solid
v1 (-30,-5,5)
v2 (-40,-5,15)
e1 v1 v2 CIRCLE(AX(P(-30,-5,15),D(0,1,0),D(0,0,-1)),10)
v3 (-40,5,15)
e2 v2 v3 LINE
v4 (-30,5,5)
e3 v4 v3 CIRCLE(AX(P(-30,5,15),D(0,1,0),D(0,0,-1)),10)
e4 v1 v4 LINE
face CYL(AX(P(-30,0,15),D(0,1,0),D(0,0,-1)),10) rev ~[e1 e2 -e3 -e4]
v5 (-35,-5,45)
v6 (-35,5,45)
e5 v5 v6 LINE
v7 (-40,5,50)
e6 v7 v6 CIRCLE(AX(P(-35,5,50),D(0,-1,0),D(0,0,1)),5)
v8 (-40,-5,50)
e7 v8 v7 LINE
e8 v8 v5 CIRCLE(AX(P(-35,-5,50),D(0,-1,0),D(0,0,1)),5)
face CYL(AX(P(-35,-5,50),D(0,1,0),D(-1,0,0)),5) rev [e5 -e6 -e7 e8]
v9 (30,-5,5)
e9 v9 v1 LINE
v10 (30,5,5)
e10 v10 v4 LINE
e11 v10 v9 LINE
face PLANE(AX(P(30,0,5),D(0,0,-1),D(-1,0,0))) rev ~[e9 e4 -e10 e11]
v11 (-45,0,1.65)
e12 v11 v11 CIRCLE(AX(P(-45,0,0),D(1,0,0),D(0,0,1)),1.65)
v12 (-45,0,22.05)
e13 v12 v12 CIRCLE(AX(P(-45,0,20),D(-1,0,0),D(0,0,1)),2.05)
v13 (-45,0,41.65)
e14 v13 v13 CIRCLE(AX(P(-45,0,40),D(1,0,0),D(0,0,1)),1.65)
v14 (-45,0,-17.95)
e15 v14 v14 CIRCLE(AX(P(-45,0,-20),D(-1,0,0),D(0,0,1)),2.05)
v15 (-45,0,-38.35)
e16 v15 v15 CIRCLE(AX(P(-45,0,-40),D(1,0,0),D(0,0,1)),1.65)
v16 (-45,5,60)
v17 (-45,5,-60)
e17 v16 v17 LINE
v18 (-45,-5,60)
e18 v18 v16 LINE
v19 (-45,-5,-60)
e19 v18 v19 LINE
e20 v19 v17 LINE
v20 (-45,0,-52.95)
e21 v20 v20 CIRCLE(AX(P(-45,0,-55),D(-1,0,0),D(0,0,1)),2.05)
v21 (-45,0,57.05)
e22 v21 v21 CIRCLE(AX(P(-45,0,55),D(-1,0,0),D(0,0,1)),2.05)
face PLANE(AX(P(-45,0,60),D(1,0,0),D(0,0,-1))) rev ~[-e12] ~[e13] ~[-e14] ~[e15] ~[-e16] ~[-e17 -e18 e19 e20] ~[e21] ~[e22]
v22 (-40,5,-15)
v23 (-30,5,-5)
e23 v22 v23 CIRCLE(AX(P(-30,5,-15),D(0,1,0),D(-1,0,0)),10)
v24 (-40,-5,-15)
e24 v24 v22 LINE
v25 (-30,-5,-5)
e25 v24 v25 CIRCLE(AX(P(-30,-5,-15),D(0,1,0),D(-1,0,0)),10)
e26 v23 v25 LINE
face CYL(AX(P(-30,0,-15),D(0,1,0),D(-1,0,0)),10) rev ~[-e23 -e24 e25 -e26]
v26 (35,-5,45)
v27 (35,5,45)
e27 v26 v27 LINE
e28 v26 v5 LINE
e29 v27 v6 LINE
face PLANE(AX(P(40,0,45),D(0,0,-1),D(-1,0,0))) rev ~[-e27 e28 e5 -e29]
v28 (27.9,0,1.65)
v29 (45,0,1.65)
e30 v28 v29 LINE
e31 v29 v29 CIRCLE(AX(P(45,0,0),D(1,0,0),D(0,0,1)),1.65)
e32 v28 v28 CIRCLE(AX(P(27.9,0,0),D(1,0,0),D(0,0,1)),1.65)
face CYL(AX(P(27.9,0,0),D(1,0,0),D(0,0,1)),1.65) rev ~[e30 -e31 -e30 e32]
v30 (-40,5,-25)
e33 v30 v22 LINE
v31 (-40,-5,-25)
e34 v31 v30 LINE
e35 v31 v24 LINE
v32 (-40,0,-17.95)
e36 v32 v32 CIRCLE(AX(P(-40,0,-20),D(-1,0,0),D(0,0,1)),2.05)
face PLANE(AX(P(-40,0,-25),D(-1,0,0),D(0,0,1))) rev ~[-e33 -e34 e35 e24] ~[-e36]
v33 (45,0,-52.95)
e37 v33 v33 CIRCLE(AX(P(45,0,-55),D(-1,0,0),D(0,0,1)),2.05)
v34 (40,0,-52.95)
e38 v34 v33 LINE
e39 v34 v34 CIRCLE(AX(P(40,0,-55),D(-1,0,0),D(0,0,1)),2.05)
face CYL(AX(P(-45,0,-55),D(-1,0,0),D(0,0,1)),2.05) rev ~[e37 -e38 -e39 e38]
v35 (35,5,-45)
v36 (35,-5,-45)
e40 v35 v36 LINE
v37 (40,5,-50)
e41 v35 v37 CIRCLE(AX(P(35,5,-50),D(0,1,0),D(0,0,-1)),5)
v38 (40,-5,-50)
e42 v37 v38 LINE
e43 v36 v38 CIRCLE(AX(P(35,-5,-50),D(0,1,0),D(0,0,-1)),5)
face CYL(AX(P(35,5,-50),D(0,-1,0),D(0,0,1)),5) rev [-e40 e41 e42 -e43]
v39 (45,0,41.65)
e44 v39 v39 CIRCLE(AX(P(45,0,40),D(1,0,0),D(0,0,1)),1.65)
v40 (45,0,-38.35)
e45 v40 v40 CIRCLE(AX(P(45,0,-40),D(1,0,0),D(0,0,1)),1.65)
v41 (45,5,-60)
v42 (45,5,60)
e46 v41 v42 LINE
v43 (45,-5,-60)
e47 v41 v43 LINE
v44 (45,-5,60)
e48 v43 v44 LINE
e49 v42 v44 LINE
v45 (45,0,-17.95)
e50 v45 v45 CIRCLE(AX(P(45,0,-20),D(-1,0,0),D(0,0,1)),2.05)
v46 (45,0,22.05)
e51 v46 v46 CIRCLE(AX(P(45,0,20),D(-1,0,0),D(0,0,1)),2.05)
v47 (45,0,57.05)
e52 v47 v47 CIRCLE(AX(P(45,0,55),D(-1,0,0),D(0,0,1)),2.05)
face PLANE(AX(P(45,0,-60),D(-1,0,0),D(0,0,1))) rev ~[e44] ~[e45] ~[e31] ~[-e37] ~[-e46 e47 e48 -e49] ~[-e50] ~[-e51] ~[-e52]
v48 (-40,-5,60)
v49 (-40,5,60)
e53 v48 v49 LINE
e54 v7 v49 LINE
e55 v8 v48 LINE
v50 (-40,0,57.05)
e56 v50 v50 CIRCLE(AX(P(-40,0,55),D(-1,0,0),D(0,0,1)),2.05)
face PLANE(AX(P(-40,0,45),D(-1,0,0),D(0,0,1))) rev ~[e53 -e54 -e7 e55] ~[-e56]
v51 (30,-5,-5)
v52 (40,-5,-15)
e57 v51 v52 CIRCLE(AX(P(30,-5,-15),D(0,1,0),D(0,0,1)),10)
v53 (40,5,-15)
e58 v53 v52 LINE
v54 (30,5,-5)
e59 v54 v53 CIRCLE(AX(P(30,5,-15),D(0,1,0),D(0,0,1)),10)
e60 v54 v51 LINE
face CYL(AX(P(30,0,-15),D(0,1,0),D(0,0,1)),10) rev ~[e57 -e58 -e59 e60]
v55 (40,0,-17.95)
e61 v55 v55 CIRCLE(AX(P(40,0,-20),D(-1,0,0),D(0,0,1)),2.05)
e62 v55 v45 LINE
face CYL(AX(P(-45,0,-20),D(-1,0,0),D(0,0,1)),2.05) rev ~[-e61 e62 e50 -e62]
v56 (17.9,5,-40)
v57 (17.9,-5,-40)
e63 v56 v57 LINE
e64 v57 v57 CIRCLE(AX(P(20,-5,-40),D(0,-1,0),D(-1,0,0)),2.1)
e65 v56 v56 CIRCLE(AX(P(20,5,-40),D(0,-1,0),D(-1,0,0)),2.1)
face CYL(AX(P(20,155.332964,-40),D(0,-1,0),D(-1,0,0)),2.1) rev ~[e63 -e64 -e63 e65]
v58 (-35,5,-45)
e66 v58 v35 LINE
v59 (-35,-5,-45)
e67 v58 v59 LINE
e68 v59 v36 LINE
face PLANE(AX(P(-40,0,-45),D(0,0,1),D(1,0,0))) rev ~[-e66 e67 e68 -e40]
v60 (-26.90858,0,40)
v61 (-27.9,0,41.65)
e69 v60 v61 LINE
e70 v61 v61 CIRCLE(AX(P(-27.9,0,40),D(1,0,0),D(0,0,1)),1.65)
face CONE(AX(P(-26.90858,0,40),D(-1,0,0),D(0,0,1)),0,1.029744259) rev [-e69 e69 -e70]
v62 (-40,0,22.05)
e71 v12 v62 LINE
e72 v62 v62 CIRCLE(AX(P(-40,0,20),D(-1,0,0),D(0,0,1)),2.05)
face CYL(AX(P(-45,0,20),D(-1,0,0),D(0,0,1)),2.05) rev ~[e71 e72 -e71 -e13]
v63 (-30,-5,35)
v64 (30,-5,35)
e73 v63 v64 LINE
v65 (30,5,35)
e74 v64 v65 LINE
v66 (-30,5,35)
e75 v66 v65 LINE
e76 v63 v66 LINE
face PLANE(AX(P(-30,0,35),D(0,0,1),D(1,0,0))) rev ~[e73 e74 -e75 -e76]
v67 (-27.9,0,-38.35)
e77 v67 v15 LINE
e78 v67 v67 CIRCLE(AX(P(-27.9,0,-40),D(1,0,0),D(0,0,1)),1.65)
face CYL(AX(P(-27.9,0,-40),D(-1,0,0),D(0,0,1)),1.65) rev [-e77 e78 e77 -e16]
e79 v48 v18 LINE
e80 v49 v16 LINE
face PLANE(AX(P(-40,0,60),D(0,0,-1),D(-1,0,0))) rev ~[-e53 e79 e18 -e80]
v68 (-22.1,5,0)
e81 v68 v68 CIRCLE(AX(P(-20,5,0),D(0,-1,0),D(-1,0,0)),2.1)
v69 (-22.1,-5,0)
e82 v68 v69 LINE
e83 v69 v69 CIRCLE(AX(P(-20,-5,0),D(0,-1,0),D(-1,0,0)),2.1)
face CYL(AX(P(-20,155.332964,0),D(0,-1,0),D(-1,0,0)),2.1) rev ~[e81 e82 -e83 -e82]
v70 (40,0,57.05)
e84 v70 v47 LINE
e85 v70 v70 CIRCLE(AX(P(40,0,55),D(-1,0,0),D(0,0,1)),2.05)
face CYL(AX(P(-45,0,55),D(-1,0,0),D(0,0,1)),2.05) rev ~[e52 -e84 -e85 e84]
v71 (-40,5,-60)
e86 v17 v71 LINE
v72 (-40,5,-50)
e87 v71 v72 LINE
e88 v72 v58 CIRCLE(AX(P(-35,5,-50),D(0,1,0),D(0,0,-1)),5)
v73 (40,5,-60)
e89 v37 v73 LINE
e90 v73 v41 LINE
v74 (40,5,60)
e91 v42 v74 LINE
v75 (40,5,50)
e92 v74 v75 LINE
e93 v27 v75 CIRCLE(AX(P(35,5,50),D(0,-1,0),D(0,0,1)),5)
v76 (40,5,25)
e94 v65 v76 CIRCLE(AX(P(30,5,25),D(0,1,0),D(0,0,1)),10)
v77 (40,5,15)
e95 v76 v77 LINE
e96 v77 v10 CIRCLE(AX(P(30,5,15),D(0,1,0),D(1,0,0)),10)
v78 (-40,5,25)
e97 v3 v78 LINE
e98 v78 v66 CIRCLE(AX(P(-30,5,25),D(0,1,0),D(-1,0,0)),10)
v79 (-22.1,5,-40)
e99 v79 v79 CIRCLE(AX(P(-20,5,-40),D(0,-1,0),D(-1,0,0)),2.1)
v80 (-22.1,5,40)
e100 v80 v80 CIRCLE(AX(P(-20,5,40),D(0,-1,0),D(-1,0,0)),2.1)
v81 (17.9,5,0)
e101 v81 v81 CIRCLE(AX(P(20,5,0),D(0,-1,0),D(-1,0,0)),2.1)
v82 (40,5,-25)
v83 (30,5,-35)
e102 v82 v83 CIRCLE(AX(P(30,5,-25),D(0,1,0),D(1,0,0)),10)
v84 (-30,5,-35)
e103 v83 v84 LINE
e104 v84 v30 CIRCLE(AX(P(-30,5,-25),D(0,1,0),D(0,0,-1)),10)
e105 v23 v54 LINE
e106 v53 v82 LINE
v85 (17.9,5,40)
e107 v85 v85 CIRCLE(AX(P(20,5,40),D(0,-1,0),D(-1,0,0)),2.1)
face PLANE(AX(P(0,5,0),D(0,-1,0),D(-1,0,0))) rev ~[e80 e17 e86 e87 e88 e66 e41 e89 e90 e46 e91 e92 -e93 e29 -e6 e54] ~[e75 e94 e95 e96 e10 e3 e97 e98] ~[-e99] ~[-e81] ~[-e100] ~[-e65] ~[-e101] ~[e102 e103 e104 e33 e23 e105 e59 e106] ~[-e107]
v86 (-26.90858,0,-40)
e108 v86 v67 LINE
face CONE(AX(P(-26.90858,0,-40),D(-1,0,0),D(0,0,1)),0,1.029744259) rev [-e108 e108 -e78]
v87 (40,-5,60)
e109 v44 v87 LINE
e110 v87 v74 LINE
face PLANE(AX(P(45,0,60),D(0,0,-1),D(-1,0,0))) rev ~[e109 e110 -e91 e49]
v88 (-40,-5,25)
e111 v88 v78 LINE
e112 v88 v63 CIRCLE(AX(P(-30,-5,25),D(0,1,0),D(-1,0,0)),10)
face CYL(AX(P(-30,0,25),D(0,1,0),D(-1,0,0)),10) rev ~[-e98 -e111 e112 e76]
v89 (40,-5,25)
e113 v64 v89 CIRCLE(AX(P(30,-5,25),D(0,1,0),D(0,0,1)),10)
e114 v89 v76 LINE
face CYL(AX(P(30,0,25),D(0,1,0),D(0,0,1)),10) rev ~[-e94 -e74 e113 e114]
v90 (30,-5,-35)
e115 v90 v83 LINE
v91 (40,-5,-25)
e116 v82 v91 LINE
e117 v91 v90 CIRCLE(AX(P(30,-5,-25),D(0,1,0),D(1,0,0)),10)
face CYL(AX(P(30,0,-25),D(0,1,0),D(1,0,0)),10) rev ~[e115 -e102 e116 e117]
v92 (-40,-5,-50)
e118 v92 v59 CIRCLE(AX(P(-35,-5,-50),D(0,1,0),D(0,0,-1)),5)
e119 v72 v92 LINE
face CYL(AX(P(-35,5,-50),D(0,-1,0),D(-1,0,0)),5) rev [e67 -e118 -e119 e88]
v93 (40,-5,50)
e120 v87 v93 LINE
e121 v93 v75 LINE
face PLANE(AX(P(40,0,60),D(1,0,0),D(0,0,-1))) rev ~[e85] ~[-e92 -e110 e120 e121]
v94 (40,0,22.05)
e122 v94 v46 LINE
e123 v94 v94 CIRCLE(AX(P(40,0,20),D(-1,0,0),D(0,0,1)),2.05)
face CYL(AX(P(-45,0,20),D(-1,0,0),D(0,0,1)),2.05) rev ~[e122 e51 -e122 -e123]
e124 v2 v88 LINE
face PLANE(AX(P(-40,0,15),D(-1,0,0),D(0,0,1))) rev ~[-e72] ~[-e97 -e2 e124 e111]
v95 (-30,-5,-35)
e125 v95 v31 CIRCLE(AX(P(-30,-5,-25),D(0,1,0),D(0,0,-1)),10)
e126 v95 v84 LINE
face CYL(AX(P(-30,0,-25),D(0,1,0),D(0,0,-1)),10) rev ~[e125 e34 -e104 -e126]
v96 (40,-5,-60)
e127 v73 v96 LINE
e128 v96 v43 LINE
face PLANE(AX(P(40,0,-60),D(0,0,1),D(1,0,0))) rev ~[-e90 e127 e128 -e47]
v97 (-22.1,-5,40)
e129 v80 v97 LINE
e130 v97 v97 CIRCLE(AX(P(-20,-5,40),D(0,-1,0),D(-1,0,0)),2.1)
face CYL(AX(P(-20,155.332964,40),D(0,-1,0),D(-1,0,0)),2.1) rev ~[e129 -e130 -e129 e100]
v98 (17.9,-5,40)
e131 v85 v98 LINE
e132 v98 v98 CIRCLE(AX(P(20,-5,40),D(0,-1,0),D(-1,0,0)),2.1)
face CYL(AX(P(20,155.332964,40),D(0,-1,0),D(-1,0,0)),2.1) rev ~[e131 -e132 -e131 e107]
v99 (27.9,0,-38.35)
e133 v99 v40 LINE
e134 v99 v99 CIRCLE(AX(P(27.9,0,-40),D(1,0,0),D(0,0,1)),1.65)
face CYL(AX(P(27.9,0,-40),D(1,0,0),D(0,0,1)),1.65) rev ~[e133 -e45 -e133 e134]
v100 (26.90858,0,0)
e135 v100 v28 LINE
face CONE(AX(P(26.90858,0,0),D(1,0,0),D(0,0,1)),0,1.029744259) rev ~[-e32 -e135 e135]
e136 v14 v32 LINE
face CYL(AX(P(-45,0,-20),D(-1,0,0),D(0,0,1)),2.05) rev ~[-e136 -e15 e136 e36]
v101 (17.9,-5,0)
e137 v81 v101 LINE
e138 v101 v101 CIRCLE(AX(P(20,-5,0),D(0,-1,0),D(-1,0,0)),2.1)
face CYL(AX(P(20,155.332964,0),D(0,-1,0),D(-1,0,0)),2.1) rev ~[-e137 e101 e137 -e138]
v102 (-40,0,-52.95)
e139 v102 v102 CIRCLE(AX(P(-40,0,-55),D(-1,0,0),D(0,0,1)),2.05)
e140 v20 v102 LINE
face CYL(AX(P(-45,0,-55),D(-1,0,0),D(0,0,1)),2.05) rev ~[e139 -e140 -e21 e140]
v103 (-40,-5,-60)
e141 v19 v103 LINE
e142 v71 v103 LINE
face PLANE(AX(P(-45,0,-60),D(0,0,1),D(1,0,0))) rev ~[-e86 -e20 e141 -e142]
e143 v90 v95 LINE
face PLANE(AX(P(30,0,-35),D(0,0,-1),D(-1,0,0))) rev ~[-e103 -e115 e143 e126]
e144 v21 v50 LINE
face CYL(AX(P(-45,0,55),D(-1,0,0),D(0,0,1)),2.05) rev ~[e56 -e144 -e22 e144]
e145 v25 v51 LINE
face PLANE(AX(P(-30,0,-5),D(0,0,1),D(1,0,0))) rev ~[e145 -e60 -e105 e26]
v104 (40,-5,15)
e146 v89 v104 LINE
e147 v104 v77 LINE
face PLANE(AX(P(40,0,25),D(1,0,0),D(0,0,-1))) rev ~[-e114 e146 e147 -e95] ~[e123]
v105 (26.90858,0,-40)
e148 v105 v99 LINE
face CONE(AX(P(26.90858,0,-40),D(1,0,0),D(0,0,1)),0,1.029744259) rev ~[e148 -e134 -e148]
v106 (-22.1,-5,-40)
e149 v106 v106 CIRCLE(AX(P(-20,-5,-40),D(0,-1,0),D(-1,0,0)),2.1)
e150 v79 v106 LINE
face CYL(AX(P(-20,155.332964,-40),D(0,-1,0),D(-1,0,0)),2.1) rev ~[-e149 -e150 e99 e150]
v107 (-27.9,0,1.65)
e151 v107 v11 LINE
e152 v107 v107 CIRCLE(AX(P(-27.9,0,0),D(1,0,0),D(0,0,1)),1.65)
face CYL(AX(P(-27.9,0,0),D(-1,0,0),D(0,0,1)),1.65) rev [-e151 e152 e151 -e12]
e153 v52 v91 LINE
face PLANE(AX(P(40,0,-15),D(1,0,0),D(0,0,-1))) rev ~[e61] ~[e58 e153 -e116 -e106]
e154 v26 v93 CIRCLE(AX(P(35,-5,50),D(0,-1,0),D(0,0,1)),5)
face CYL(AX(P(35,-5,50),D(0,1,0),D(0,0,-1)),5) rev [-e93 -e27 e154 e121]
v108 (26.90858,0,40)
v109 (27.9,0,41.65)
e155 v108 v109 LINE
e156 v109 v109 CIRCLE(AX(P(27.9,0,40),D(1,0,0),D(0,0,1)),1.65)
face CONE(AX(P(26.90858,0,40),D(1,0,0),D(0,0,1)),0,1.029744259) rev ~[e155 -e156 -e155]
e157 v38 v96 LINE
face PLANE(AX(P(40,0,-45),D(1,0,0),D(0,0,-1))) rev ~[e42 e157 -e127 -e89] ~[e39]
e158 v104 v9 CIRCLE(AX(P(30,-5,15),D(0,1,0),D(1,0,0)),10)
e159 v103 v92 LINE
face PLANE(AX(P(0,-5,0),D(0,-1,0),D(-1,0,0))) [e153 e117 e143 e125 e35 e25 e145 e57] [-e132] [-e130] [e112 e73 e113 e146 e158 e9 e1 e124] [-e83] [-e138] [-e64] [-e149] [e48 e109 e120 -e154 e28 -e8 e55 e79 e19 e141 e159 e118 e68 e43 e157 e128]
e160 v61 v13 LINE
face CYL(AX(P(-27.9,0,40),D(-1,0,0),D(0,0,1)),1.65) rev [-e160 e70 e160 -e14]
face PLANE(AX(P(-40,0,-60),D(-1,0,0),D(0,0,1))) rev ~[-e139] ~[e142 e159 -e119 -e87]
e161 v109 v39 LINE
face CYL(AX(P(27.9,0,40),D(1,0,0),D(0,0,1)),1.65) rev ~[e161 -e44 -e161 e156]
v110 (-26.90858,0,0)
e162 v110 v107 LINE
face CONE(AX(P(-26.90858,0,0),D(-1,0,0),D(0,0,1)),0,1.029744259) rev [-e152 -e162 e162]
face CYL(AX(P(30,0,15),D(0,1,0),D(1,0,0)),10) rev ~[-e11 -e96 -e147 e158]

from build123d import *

# Parameters (mm, degrees)
EXTRUDE_1_DEPTH             = 5
SKETCH_2_R                  = 2.05
CUT_EXTRUDE_1_DEPTH         = 109.282039139
HOLE_WIZARD_M4_2_AT_2_COUNT = 2
HOLE_WIZARD_M4_2_AT_2_PITCH = 40
HOLE_WIZARD_M4_2_AT_3_COUNT = 2
HOLE_WIZARD_M4_2_AT_3_PITCH = 40
FILLET_1_R                  = 5
HOLE_WIZARD_M5_1_D          = 4.2


with BuildPart() as part:
    # 草图1 → 凸台-拉伸1 (new, symmetric)
    with BuildSketch(Plane(origin=(0, 0, 0), x_dir=(1, 0, 0), z_dir=(0, 1, 0))):
        Polygon((-45, 60), (-40, 60), (-40, 45), (40, 45), (40, 60), (45, 60), (45, -60), (40, -60), (40, -45), (-40, -45), (-40, -60), (-45, -60), align=None)
        with BuildLine():
            Line((-30, 5), (30, 5))
            ThreePointArc((30, 5), (37.071067812, 7.928932188), (40, 15))
            Line((40, 15), (40, 25))
            ThreePointArc((40, 25), (37.071067812, 32.071067812), (30, 35))
            Line((30, 35), (-30, 35))
            ThreePointArc((-30, 35), (-37.071067812, 32.071067812), (-40, 25))
            Line((-40, 25), (-40, 15))
            ThreePointArc((-40, 15), (-37.071067812, 7.928932188), (-30, 5))
        make_face(mode=Mode.SUBTRACT)
        with BuildLine():
            Line((30, -5), (-30, -5))
            ThreePointArc((-30, -5), (-37.071067812, -7.928932188), (-40, -15))
            Line((-40, -15), (-40, -25))
            ThreePointArc((-40, -25), (-37.071067812, -32.071067812), (-30, -35))
            Line((-30, -35), (30, -35))
            ThreePointArc((30, -35), (37.071067812, -32.071067812), (40, -25))
            Line((40, -25), (40, -15))
            ThreePointArc((40, -15), (37.071067812, -7.928932188), (30, -5))
        make_face(mode=Mode.SUBTRACT)
    extrude(amount=EXTRUDE_1_DEPTH, both=True)

    # 草图2 → 切除-拉伸1 (cut, through all)
    with BuildSketch(Plane.ZY.offset(45)):
        with Locations((-55, 0)):
            Circle(SKETCH_2_R)
        with Locations((55, 0)):
            Circle(SKETCH_2_R)
        with Locations((-20, 0)):
            Circle(SKETCH_2_R)
        with Locations((20, 0)):
            Circle(SKETCH_2_R)
    extrude(amount=-CUT_EXTRUDE_1_DEPTH, mode=Mode.SUBTRACT)

    # 草图6 → M4 螺纹孔2 (revolve, cut)
    with BuildSketch(Plane(origin=(-45, 0, 0), x_dir=(0, 0, 1), z_dir=(0, 1, 0))):
        Polygon((0, 0), (0, 18.091420021), (1.65, 17.1), (1.65, 0), align=None)
    hole_wizard_m4_2 = revolve(axis=Axis((-51.35, 0, 0), (1, 0, 0)), mode=Mode.SUBTRACT)

    # M4 螺纹孔2 at 2: M4 螺纹孔2 ×2
    with Locations(*[(0, 0, -i * HOLE_WIZARD_M4_2_AT_2_PITCH) for i in range(1, HOLE_WIZARD_M4_2_AT_2_COUNT)]):
        add(hole_wizard_m4_2, mode=Mode.SUBTRACT)

    # M4 螺纹孔2 at 3: M4 螺纹孔2 ×2
    with Locations(*[(0, 0, i * HOLE_WIZARD_M4_2_AT_3_PITCH) for i in range(1, HOLE_WIZARD_M4_2_AT_3_COUNT)]):
        add(hole_wizard_m4_2, mode=Mode.SUBTRACT)

    # 镜向1: M4 螺纹孔2 across plane
    add(hole_wizard_m4_2.mirror(Plane(origin=(0, 0, 0), x_dir=(0, 0, 1), z_dir=(1, 0, 0))), mode=Mode.SUBTRACT)

    # 镜向1 copy 1 sketch → 镜向1 copy 1 (revolve, cut)
    with BuildSketch(Plane(origin=(45, 0, -40), x_dir=(0, 0, 1), z_dir=(0, 1, 0))):
        Polygon((0, 0), (0, -18.091420021), (1.65, -17.1), (1.65, 0), align=None)
    revolve(axis=Axis((51.35, 0, -40), (1, 0, 0)), mode=Mode.SUBTRACT)

    # 镜向1 copy 2 sketch → 镜向1 copy 2 (revolve, cut)
    with BuildSketch(Plane(origin=(45, 0, 40), x_dir=(0, 0, 1), z_dir=(0, 1, 0))):
        Polygon((0, 0), (0, -18.091420021), (1.65, -17.1), (1.65, 0), align=None)
    revolve(axis=Axis((51.35, 0, 40), (1, 0, 0)), mode=Mode.SUBTRACT)

    # 圆角1
    fillet_1_edges = [part.edges().sort_by_distance(p)[0] for p in [
        (-40, 0, -45),
        (40, 0, -45),
        (40, 0, 45),
        (-40, 0, 45),
    ]]
    fillet(fillet_1_edges, radius=FILLET_1_R)

    # M5 螺纹孔1 (through all)
    with Locations(Plane(origin=(0, 5, 0), x_dir=(1, 0, 0), z_dir=(0, 1, 0))):
        with Locations((20, 40), (20, 0), (20, -40), (-20, -40), (-20, 0), (-20, 40)):
            Hole(HOLE_WIZARD_M5_1_D / 2)


solid = part.part
